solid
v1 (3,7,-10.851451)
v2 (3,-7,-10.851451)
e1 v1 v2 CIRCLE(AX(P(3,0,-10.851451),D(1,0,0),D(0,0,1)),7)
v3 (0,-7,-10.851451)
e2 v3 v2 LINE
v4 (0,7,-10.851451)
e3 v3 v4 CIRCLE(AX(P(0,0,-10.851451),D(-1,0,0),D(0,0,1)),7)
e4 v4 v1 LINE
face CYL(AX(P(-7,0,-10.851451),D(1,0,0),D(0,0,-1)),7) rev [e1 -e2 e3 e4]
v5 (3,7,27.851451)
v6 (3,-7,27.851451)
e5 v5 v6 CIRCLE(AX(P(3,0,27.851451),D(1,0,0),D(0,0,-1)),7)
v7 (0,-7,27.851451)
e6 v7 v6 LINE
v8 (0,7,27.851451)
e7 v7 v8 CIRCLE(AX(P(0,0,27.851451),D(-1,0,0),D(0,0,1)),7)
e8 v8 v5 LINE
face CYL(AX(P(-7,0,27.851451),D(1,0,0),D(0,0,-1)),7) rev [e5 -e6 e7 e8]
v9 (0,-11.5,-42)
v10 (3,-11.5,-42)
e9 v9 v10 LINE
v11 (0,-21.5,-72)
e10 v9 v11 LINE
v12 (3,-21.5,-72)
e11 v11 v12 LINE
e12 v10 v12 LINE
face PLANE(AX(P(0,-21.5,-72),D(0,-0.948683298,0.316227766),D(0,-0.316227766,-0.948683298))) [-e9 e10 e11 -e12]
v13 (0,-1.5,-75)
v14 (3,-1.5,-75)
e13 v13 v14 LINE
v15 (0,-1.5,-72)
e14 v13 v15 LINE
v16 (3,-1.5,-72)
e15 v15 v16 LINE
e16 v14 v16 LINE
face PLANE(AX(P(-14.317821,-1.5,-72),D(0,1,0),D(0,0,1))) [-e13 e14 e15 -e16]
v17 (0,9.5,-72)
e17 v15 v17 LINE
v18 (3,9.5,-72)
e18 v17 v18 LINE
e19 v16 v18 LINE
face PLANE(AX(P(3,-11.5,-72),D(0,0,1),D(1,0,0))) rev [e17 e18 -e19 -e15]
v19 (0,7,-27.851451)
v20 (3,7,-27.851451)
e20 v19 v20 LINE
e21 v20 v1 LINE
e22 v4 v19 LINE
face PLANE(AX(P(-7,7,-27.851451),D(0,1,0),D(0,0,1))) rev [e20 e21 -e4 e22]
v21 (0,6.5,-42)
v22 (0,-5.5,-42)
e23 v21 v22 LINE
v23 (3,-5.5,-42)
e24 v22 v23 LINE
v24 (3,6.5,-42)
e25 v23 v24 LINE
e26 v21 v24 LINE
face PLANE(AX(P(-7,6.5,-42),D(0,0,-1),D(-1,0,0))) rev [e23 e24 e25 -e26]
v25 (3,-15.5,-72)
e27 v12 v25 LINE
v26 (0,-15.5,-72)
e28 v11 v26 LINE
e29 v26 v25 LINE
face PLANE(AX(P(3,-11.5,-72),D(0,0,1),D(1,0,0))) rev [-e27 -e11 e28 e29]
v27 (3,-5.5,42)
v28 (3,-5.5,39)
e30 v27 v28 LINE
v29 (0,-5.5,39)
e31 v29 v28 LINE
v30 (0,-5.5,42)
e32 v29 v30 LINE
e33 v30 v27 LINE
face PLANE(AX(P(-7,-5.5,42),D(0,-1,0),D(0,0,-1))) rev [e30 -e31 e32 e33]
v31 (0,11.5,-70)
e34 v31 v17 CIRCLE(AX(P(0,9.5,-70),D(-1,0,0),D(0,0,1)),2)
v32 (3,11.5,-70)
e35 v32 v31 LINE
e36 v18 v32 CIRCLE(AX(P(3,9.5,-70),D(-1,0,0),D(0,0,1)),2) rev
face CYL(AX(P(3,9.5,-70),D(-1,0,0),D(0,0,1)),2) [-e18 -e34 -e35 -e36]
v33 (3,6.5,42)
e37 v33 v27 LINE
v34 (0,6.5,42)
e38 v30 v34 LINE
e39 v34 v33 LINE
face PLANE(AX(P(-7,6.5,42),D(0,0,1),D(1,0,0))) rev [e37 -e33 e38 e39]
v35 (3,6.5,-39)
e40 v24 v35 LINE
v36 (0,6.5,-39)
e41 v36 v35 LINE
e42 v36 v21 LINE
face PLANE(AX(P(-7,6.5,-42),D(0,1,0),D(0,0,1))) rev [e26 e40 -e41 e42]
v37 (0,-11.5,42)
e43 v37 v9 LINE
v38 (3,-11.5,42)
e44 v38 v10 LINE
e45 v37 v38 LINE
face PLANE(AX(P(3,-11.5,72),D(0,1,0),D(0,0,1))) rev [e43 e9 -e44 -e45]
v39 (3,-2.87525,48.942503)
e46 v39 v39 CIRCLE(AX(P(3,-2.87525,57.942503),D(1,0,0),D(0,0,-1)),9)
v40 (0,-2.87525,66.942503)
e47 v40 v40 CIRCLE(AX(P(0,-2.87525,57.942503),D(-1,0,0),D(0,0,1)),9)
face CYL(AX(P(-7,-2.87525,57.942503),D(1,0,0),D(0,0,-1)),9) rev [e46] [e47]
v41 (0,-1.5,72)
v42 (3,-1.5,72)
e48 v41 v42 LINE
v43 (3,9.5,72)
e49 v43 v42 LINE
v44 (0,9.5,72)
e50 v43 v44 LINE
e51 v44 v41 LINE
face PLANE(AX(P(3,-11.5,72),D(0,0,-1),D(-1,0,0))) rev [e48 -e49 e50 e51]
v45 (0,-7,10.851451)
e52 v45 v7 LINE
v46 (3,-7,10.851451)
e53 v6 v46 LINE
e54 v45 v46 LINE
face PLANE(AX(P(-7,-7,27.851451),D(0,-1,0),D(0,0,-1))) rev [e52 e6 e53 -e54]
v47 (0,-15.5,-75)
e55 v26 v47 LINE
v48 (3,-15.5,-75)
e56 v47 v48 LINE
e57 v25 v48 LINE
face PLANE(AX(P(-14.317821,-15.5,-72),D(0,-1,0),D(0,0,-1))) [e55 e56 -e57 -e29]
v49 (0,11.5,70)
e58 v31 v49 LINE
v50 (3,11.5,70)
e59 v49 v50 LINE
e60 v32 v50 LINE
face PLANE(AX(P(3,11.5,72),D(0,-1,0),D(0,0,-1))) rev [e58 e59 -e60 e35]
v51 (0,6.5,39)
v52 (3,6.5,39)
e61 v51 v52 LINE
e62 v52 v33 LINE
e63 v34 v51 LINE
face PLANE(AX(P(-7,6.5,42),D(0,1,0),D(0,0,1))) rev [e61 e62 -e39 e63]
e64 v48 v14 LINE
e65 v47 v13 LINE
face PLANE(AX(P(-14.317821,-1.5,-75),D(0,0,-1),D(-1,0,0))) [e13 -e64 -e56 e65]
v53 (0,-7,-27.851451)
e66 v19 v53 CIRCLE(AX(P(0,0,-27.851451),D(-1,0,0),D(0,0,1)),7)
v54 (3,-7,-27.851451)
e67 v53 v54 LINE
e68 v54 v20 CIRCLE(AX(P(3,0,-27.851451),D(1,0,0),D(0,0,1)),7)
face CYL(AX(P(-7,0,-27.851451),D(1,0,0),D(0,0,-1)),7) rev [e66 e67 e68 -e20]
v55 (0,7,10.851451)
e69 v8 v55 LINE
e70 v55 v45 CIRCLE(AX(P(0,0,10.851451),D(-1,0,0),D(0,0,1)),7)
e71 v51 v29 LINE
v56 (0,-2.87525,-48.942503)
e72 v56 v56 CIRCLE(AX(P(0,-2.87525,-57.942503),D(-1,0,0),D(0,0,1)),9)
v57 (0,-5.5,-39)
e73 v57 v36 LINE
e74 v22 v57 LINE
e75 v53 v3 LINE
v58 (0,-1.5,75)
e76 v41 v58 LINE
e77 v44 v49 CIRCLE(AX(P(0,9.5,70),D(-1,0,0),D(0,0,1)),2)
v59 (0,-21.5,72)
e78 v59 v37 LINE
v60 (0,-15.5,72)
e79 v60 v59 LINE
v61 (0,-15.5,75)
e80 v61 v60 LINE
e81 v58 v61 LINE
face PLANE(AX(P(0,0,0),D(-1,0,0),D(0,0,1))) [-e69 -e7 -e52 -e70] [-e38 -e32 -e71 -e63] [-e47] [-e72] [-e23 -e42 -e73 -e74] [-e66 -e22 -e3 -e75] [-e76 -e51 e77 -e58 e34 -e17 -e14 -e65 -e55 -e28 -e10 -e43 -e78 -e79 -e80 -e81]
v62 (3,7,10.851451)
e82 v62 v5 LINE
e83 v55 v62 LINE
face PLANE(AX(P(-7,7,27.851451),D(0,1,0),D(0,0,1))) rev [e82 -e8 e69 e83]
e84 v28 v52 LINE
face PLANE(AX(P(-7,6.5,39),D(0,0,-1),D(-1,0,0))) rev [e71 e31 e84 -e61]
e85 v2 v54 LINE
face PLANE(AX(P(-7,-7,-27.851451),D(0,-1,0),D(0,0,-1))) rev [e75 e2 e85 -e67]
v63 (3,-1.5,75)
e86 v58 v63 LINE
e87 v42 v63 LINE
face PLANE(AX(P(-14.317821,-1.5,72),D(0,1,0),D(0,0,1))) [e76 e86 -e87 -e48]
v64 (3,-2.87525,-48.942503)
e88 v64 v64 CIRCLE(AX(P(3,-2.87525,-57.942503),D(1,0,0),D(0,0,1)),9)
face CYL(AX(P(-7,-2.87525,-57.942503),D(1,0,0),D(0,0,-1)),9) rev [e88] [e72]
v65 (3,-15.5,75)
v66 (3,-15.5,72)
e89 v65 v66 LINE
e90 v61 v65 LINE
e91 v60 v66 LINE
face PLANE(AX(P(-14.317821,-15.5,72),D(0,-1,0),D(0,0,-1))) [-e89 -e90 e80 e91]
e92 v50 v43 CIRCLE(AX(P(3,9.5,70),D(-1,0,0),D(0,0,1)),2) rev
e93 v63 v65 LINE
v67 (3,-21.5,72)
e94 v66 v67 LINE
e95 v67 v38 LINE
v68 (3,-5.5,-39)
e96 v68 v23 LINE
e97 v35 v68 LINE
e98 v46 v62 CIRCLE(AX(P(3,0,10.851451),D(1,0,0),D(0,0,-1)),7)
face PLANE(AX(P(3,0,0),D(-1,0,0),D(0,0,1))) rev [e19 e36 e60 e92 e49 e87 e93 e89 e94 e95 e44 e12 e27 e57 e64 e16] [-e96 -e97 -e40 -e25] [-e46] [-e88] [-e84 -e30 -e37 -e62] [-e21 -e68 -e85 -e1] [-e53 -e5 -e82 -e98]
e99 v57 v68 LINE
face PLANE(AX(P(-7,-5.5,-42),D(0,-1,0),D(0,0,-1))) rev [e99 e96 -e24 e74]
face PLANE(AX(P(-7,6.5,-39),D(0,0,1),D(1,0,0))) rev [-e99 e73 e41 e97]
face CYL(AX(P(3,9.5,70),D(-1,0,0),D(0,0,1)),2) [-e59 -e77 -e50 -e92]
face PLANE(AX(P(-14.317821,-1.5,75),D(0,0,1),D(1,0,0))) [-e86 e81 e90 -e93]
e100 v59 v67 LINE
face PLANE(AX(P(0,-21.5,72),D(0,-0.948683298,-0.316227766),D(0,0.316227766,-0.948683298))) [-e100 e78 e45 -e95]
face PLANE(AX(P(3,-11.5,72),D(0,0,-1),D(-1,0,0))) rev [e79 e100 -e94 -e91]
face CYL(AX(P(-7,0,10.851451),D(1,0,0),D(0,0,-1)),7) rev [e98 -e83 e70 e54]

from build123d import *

# Parameters (mm, degrees)
SKETCH1_W           = 144
SKETCH1_H           = 23
BOSS_EXTRUDE1_DEPTH = 3
FILLET1_R           = 2
BOSS_EXTRUDE2_DEPTH = 3
SKETCH3_W           = 3
SKETCH3_H           = 14
BOSS_EXTRUDE3_DEPTH = 3
SKETCH4_R           = 9
SKETCH4_W           = 3
SKETCH4_H           = 12
CUT_EXTRUDE1_DEPTH  = 10


with BuildPart() as part:
    # Sketch1 → Boss-Extrude1 (new body)
    with BuildSketch(Plane(origin=(0, 0, 0), x_dir=(0, 0, -1), z_dir=(1, 0, 0))):
        Rectangle(SKETCH1_W, SKETCH1_H)
    extrude(amount=BOSS_EXTRUDE1_DEPTH)

    # Fillet1
    fillet1_edges = [part.edges().sort_by_distance(p)[0] for p in [
        (1.5, 11.5, 72),
        (1.5, 11.5, -72),
    ]]
    fillet(fillet1_edges, radius=FILLET1_R)

    # Sketch2 → Boss-Extrude2 (add)
    with BuildSketch(Plane(origin=(3, 0, 0), x_dir=(0, 0, -1), z_dir=(1, 0, 0))):
        Polygon((-72, -11.5), (-72, -21.5), (-42, -11.5), align=None)
        Polygon((72, -11.5), (72, -21.5), (42, -11.5), align=None)
    extrude(amount=-BOSS_EXTRUDE2_DEPTH)

    # Sketch3 → Boss-Extrude3 (add)
    with BuildSketch(Plane(origin=(3, 0, 0), x_dir=(0, 0, -1), z_dir=(1, 0, 0))):
        with Locations((-73.5, -8.5)):
            Rectangle(SKETCH3_W, SKETCH3_H)
        with Locations((73.5, -8.5)):
            Rectangle(SKETCH3_W, SKETCH3_H)
    extrude(amount=-BOSS_EXTRUDE3_DEPTH)

    # Sketch4 → Cut-Extrude1 (cut)
    with BuildSketch(Plane(origin=(3, 0, 0), x_dir=(0, 0, -1), z_dir=(1, 0, 0))):
        with Locations((-57.942503038, -2.875250136)):
            Circle(SKETCH4_R)
        with Locations((57.942503038, -2.875250136)):
            Circle(SKETCH4_R)
        with Locations((-40.5, 0.5)):
            Rectangle(SKETCH4_W, SKETCH4_H)
        with Locations((40.5, 0.5)):
            Rectangle(SKETCH4_W, SKETCH4_H)
        with BuildLine():
            Line((-27.851450915, 7), (-10.851450915, 7))
            ThreePointArc((-10.851450915, 7), (-3.851450915, 0), (-10.851450915, -7))
            Line((-10.851450915, -7), (-27.851450915, -7))
            ThreePointArc((-27.851450915, -7), (-34.851450915, 0), (-27.851450915, 7))
        make_face()
        with BuildLine():
            Line((27.851450915, 7), (10.851450915, 7))
            ThreePointArc((10.851450915, 7), (3.851450915, 0), (10.851450915, -7))
            Line((10.851450915, -7), (27.851450915, -7))
            ThreePointArc((27.851450915, -7), (34.851450915, 0), (27.851450915, 7))
        make_face()
    extrude(amount=-CUT_EXTRUDE1_DEPTH, mode=Mode.SUBTRACT)


solid = part.part
